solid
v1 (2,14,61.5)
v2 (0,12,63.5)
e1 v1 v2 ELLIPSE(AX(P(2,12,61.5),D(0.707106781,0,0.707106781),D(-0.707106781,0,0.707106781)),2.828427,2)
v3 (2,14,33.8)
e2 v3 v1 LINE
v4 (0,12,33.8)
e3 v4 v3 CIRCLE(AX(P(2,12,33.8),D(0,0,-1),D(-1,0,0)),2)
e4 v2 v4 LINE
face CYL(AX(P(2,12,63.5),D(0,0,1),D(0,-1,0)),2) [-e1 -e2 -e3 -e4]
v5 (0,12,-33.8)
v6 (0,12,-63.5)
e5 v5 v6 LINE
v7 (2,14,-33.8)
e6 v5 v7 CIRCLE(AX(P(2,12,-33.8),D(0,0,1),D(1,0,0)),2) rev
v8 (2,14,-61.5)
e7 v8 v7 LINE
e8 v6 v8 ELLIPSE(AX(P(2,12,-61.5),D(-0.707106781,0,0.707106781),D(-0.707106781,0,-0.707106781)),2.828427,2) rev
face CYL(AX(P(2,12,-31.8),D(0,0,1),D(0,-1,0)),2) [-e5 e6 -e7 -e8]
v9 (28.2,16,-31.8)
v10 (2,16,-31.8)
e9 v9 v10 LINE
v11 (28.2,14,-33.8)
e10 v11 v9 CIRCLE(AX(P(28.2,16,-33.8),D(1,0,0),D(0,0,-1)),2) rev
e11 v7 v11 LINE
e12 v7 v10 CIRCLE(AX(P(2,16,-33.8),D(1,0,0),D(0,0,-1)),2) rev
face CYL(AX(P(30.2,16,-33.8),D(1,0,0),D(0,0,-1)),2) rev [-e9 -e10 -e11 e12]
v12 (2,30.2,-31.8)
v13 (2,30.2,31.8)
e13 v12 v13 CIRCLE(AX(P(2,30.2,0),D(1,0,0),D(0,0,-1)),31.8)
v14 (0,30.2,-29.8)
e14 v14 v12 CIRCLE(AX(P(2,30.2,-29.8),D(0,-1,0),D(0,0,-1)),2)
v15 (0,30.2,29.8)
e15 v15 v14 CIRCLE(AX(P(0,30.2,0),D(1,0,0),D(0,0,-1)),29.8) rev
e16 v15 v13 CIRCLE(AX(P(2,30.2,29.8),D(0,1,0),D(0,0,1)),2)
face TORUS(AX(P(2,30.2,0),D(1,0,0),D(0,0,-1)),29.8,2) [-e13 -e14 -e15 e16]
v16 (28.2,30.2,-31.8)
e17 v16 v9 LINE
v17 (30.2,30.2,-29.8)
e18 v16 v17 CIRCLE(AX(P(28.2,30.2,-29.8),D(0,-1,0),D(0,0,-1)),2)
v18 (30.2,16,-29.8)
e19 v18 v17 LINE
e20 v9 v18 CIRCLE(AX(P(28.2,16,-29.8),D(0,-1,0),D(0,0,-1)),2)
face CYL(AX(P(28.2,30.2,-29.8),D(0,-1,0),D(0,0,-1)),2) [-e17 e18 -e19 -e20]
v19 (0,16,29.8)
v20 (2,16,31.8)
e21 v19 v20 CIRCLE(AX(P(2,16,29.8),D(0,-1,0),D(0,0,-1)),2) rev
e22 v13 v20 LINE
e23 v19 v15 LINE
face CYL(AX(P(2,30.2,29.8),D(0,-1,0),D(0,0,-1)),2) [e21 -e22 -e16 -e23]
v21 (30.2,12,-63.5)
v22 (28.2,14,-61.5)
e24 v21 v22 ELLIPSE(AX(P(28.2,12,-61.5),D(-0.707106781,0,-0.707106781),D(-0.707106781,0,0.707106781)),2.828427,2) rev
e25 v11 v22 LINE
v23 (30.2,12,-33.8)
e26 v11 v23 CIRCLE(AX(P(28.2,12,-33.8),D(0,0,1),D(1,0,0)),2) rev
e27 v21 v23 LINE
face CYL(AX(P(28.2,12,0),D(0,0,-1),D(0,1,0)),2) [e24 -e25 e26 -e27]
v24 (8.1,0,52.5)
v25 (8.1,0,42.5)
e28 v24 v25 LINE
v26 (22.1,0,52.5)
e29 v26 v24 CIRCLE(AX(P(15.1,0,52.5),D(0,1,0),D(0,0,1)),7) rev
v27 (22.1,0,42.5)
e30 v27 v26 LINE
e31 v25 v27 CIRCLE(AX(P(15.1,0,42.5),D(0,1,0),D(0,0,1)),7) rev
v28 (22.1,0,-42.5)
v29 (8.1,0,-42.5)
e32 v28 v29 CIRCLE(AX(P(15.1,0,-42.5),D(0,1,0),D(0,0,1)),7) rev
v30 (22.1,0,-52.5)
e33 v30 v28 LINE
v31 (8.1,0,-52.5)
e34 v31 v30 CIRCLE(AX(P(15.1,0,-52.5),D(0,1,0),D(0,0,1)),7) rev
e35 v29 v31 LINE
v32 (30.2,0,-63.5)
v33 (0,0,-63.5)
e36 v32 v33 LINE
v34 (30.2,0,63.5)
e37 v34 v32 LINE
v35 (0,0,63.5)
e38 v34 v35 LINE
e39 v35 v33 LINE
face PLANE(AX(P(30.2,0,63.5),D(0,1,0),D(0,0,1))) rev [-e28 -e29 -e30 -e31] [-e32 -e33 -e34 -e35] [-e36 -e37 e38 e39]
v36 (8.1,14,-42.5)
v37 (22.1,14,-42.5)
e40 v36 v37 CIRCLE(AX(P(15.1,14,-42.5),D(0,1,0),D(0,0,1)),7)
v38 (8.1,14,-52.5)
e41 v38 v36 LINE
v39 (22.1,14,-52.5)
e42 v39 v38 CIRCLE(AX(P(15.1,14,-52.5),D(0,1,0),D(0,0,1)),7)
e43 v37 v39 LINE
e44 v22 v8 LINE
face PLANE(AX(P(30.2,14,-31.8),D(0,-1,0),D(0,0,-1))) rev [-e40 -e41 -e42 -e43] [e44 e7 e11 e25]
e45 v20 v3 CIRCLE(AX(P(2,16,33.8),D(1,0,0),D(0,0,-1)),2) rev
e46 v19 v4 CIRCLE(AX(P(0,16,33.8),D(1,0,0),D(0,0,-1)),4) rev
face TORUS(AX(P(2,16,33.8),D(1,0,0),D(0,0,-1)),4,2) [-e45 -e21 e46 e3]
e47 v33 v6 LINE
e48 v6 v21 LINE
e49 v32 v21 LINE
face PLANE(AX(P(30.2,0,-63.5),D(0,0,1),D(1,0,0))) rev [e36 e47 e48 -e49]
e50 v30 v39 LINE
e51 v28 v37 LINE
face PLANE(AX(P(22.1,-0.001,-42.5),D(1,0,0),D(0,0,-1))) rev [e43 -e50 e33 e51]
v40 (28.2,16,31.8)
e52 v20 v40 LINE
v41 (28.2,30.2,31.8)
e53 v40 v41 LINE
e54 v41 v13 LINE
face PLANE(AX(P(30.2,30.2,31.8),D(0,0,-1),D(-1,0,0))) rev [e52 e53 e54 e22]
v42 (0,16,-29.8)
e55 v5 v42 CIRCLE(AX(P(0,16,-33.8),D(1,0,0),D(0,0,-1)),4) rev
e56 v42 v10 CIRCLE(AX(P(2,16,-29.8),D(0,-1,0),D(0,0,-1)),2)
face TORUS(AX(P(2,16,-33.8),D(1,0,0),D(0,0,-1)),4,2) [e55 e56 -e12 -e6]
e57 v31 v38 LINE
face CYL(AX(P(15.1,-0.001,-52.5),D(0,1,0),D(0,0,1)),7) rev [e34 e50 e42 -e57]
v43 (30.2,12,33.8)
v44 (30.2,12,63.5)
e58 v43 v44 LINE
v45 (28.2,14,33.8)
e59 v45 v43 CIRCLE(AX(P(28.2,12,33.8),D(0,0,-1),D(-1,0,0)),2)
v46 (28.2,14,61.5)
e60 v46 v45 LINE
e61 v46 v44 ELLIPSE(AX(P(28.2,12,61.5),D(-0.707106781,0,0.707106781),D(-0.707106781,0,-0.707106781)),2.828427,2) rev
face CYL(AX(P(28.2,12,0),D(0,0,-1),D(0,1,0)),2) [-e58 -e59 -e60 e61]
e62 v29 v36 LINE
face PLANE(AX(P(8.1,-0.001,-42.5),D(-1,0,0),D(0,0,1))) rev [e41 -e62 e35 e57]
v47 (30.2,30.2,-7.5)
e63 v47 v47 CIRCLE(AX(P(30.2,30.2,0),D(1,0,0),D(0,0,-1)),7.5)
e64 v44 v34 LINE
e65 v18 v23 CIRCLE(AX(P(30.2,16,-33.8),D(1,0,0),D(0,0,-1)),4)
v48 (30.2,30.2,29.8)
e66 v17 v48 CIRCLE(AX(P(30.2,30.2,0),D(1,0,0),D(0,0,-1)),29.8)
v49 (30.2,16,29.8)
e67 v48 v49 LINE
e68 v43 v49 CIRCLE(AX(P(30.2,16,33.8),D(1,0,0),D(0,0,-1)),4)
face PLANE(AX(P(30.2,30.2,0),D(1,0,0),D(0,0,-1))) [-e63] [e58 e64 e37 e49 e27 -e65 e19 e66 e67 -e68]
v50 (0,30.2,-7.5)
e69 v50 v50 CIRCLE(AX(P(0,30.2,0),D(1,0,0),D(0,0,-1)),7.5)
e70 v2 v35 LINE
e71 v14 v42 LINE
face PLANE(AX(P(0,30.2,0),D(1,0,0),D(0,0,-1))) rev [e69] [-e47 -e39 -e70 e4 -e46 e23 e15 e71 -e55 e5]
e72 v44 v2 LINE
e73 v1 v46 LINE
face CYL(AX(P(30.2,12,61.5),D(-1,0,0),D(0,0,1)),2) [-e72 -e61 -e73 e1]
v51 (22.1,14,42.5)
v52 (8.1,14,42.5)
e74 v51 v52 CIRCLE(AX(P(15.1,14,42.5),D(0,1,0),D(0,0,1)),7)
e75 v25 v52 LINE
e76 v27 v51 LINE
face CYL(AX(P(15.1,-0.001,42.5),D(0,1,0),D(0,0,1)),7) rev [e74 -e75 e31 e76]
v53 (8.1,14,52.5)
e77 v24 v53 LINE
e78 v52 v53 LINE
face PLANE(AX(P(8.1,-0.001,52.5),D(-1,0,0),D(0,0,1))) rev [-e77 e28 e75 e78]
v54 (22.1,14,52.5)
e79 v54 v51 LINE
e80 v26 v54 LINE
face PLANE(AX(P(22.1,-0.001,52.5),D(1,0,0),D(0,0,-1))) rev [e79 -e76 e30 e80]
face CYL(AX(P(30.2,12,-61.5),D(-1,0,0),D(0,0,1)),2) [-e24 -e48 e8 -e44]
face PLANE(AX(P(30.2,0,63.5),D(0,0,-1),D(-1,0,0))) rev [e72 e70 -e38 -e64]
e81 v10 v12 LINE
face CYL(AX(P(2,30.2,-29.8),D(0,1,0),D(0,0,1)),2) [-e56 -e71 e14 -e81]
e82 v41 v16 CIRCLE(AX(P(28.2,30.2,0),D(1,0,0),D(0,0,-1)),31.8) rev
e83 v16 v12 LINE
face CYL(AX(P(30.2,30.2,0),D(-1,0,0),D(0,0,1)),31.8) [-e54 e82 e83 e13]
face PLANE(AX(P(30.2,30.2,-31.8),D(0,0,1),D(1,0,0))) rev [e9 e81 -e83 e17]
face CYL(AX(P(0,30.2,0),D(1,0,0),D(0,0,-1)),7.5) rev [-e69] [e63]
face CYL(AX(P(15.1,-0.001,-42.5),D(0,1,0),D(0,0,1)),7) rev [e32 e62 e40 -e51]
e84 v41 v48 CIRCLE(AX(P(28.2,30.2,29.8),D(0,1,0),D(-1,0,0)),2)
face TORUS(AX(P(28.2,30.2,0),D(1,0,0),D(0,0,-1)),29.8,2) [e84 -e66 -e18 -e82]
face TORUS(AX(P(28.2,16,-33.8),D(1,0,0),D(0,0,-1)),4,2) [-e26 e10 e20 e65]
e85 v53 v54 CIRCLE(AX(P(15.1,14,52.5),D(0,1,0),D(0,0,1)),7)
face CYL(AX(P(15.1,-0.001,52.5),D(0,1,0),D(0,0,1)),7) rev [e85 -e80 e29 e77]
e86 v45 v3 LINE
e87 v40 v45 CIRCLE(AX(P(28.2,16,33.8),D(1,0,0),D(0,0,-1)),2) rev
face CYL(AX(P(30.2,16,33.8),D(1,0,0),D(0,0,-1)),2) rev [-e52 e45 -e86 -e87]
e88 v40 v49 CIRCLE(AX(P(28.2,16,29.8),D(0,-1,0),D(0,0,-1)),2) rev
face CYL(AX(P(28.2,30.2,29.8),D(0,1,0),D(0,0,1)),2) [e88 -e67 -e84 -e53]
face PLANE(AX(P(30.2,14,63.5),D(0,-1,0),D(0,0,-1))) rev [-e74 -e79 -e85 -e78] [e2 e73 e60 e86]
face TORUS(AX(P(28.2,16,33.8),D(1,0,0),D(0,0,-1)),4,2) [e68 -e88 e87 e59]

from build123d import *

# Parameters (mm, degrees)
DODANIE_WYCI_GNI_CIE1_DEPTH = 30.2
SZKIC2_R                    = 7.5
WYTNIJ_WYCI_GNI_CIE1_DEPTH  = 94.745879909
ZAOKR_GLENIE1_R             = 2
WYTNIJ_WYCI_GNI_CIE2_REACH  = 87.137


with BuildPart() as part:
    # Szkic1 → Dodanie-wyciągnięcie1 (new body)
    with BuildSketch(Plane(origin=(0, 0, 0), x_dir=(0, 0, -1), z_dir=(1, 0, 0))):
        with BuildLine():
            Line((31.8, 14), (63.5, 14))
            Line((63.5, 14), (63.5, 0))
            Line((63.5, 0), (-63.5, 0))
            Line((-63.5, 0), (-63.5, 14))
            Line((-63.5, 14), (-31.8, 14))
            Line((-31.8, 14), (-31.8, 30.2))
            ThreePointArc((-31.8, 30.2), (0, 62), (31.8, 30.2))
            Line((31.8, 30.2), (31.8, 14))
        make_face()
    extrude(amount=DODANIE_WYCI_GNI_CIE1_DEPTH)

    # Szkic2 → Wytnij-wyciągnięcie1 (cut, through all)
    with BuildSketch(Plane(origin=(30.2, 0, 0), x_dir=(0, 0, -1), z_dir=(1, 0, 0))):
        with Locations((0, 30.2)):
            Circle(SZKIC2_R)
    extrude(amount=-WYTNIJ_WYCI_GNI_CIE1_DEPTH, mode=Mode.SUBTRACT)

    # Zaokrąglenie1
    zaokr_glenie1_edges = [part.edges().sort_by_distance(p)[0] for p in [
        (0, 14, -47.65),
        (15.1, 14, 63.5),
        (15.1, 14, 31.8),
        (15.1, 14, -31.8),
        (15.1, 14, -63.5),
        (30.2, 14, -47.65),
        (30.2, 22.1, -31.8),
        (30.2, 62, 0),
        (30.2, 22.1, 31.8),
        (30.2, 14, 47.65),
        (0, 14, 47.65),
        (0, 22.1, 31.8),
        (0, 62, 0),
        (0, 22.1, -31.8),
    ]]
    fillet(zaokr_glenie1_edges, radius=ZAOKR_GLENIE1_R)

    # Szkic3 → Wytnij-wyciągnięcie2 (cut, up to next)
    with BuildSketch(Plane(origin=(0, 14, 0), x_dir=(1, 0, 0), z_dir=(0, 1, 0)), mode=Mode.PRIVATE) as wytnij_wyci_gni_cie2_sk1:
        with BuildLine():
            Line((8.1, -52.5), (8.1, -42.5))
            ThreePointArc((8.1, -42.5), (15.1, -35.5), (22.1, -42.5))
            Line((22.1, -42.5), (22.1, -52.5))
            ThreePointArc((22.1, -52.5), (15.1, -59.5), (8.1, -52.5))
        make_face()
    wytnij_wyci_gni_cie2_tool1 = extrude(wytnij_wyci_gni_cie2_sk1.sketch, amount=-WYTNIJ_WYCI_GNI_CIE2_REACH, mode=Mode.PRIVATE) & part.part
    # Szkic3 → Wytnij-wyciągnięcie2 (cut, up to next)
    with BuildSketch(Plane(origin=(0, 14, 0), x_dir=(1, 0, 0), z_dir=(0, 1, 0)), mode=Mode.PRIVATE) as wytnij_wyci_gni_cie2_sk2:
        with BuildLine():
            Line((8.1, 42.5), (8.1, 52.5))
            ThreePointArc((8.1, 52.5), (15.1, 59.5), (22.1, 52.5))
            Line((22.1, 52.5), (22.1, 42.5))
            ThreePointArc((22.1, 42.5), (15.1, 35.5), (8.1, 42.5))
        make_face()
    wytnij_wyci_gni_cie2_tool2 = extrude(wytnij_wyci_gni_cie2_sk2.sketch, amount=-WYTNIJ_WYCI_GNI_CIE2_REACH, mode=Mode.PRIVATE) & part.part
    add(wytnij_wyci_gni_cie2_tool1.solids().sort_by_distance((15.1, 14, 47.5))[0], mode=Mode.SUBTRACT)
    add(wytnij_wyci_gni_cie2_tool2.solids().sort_by_distance((15.1, 14, -47.5))[0], mode=Mode.SUBTRACT)


solid = part.part
